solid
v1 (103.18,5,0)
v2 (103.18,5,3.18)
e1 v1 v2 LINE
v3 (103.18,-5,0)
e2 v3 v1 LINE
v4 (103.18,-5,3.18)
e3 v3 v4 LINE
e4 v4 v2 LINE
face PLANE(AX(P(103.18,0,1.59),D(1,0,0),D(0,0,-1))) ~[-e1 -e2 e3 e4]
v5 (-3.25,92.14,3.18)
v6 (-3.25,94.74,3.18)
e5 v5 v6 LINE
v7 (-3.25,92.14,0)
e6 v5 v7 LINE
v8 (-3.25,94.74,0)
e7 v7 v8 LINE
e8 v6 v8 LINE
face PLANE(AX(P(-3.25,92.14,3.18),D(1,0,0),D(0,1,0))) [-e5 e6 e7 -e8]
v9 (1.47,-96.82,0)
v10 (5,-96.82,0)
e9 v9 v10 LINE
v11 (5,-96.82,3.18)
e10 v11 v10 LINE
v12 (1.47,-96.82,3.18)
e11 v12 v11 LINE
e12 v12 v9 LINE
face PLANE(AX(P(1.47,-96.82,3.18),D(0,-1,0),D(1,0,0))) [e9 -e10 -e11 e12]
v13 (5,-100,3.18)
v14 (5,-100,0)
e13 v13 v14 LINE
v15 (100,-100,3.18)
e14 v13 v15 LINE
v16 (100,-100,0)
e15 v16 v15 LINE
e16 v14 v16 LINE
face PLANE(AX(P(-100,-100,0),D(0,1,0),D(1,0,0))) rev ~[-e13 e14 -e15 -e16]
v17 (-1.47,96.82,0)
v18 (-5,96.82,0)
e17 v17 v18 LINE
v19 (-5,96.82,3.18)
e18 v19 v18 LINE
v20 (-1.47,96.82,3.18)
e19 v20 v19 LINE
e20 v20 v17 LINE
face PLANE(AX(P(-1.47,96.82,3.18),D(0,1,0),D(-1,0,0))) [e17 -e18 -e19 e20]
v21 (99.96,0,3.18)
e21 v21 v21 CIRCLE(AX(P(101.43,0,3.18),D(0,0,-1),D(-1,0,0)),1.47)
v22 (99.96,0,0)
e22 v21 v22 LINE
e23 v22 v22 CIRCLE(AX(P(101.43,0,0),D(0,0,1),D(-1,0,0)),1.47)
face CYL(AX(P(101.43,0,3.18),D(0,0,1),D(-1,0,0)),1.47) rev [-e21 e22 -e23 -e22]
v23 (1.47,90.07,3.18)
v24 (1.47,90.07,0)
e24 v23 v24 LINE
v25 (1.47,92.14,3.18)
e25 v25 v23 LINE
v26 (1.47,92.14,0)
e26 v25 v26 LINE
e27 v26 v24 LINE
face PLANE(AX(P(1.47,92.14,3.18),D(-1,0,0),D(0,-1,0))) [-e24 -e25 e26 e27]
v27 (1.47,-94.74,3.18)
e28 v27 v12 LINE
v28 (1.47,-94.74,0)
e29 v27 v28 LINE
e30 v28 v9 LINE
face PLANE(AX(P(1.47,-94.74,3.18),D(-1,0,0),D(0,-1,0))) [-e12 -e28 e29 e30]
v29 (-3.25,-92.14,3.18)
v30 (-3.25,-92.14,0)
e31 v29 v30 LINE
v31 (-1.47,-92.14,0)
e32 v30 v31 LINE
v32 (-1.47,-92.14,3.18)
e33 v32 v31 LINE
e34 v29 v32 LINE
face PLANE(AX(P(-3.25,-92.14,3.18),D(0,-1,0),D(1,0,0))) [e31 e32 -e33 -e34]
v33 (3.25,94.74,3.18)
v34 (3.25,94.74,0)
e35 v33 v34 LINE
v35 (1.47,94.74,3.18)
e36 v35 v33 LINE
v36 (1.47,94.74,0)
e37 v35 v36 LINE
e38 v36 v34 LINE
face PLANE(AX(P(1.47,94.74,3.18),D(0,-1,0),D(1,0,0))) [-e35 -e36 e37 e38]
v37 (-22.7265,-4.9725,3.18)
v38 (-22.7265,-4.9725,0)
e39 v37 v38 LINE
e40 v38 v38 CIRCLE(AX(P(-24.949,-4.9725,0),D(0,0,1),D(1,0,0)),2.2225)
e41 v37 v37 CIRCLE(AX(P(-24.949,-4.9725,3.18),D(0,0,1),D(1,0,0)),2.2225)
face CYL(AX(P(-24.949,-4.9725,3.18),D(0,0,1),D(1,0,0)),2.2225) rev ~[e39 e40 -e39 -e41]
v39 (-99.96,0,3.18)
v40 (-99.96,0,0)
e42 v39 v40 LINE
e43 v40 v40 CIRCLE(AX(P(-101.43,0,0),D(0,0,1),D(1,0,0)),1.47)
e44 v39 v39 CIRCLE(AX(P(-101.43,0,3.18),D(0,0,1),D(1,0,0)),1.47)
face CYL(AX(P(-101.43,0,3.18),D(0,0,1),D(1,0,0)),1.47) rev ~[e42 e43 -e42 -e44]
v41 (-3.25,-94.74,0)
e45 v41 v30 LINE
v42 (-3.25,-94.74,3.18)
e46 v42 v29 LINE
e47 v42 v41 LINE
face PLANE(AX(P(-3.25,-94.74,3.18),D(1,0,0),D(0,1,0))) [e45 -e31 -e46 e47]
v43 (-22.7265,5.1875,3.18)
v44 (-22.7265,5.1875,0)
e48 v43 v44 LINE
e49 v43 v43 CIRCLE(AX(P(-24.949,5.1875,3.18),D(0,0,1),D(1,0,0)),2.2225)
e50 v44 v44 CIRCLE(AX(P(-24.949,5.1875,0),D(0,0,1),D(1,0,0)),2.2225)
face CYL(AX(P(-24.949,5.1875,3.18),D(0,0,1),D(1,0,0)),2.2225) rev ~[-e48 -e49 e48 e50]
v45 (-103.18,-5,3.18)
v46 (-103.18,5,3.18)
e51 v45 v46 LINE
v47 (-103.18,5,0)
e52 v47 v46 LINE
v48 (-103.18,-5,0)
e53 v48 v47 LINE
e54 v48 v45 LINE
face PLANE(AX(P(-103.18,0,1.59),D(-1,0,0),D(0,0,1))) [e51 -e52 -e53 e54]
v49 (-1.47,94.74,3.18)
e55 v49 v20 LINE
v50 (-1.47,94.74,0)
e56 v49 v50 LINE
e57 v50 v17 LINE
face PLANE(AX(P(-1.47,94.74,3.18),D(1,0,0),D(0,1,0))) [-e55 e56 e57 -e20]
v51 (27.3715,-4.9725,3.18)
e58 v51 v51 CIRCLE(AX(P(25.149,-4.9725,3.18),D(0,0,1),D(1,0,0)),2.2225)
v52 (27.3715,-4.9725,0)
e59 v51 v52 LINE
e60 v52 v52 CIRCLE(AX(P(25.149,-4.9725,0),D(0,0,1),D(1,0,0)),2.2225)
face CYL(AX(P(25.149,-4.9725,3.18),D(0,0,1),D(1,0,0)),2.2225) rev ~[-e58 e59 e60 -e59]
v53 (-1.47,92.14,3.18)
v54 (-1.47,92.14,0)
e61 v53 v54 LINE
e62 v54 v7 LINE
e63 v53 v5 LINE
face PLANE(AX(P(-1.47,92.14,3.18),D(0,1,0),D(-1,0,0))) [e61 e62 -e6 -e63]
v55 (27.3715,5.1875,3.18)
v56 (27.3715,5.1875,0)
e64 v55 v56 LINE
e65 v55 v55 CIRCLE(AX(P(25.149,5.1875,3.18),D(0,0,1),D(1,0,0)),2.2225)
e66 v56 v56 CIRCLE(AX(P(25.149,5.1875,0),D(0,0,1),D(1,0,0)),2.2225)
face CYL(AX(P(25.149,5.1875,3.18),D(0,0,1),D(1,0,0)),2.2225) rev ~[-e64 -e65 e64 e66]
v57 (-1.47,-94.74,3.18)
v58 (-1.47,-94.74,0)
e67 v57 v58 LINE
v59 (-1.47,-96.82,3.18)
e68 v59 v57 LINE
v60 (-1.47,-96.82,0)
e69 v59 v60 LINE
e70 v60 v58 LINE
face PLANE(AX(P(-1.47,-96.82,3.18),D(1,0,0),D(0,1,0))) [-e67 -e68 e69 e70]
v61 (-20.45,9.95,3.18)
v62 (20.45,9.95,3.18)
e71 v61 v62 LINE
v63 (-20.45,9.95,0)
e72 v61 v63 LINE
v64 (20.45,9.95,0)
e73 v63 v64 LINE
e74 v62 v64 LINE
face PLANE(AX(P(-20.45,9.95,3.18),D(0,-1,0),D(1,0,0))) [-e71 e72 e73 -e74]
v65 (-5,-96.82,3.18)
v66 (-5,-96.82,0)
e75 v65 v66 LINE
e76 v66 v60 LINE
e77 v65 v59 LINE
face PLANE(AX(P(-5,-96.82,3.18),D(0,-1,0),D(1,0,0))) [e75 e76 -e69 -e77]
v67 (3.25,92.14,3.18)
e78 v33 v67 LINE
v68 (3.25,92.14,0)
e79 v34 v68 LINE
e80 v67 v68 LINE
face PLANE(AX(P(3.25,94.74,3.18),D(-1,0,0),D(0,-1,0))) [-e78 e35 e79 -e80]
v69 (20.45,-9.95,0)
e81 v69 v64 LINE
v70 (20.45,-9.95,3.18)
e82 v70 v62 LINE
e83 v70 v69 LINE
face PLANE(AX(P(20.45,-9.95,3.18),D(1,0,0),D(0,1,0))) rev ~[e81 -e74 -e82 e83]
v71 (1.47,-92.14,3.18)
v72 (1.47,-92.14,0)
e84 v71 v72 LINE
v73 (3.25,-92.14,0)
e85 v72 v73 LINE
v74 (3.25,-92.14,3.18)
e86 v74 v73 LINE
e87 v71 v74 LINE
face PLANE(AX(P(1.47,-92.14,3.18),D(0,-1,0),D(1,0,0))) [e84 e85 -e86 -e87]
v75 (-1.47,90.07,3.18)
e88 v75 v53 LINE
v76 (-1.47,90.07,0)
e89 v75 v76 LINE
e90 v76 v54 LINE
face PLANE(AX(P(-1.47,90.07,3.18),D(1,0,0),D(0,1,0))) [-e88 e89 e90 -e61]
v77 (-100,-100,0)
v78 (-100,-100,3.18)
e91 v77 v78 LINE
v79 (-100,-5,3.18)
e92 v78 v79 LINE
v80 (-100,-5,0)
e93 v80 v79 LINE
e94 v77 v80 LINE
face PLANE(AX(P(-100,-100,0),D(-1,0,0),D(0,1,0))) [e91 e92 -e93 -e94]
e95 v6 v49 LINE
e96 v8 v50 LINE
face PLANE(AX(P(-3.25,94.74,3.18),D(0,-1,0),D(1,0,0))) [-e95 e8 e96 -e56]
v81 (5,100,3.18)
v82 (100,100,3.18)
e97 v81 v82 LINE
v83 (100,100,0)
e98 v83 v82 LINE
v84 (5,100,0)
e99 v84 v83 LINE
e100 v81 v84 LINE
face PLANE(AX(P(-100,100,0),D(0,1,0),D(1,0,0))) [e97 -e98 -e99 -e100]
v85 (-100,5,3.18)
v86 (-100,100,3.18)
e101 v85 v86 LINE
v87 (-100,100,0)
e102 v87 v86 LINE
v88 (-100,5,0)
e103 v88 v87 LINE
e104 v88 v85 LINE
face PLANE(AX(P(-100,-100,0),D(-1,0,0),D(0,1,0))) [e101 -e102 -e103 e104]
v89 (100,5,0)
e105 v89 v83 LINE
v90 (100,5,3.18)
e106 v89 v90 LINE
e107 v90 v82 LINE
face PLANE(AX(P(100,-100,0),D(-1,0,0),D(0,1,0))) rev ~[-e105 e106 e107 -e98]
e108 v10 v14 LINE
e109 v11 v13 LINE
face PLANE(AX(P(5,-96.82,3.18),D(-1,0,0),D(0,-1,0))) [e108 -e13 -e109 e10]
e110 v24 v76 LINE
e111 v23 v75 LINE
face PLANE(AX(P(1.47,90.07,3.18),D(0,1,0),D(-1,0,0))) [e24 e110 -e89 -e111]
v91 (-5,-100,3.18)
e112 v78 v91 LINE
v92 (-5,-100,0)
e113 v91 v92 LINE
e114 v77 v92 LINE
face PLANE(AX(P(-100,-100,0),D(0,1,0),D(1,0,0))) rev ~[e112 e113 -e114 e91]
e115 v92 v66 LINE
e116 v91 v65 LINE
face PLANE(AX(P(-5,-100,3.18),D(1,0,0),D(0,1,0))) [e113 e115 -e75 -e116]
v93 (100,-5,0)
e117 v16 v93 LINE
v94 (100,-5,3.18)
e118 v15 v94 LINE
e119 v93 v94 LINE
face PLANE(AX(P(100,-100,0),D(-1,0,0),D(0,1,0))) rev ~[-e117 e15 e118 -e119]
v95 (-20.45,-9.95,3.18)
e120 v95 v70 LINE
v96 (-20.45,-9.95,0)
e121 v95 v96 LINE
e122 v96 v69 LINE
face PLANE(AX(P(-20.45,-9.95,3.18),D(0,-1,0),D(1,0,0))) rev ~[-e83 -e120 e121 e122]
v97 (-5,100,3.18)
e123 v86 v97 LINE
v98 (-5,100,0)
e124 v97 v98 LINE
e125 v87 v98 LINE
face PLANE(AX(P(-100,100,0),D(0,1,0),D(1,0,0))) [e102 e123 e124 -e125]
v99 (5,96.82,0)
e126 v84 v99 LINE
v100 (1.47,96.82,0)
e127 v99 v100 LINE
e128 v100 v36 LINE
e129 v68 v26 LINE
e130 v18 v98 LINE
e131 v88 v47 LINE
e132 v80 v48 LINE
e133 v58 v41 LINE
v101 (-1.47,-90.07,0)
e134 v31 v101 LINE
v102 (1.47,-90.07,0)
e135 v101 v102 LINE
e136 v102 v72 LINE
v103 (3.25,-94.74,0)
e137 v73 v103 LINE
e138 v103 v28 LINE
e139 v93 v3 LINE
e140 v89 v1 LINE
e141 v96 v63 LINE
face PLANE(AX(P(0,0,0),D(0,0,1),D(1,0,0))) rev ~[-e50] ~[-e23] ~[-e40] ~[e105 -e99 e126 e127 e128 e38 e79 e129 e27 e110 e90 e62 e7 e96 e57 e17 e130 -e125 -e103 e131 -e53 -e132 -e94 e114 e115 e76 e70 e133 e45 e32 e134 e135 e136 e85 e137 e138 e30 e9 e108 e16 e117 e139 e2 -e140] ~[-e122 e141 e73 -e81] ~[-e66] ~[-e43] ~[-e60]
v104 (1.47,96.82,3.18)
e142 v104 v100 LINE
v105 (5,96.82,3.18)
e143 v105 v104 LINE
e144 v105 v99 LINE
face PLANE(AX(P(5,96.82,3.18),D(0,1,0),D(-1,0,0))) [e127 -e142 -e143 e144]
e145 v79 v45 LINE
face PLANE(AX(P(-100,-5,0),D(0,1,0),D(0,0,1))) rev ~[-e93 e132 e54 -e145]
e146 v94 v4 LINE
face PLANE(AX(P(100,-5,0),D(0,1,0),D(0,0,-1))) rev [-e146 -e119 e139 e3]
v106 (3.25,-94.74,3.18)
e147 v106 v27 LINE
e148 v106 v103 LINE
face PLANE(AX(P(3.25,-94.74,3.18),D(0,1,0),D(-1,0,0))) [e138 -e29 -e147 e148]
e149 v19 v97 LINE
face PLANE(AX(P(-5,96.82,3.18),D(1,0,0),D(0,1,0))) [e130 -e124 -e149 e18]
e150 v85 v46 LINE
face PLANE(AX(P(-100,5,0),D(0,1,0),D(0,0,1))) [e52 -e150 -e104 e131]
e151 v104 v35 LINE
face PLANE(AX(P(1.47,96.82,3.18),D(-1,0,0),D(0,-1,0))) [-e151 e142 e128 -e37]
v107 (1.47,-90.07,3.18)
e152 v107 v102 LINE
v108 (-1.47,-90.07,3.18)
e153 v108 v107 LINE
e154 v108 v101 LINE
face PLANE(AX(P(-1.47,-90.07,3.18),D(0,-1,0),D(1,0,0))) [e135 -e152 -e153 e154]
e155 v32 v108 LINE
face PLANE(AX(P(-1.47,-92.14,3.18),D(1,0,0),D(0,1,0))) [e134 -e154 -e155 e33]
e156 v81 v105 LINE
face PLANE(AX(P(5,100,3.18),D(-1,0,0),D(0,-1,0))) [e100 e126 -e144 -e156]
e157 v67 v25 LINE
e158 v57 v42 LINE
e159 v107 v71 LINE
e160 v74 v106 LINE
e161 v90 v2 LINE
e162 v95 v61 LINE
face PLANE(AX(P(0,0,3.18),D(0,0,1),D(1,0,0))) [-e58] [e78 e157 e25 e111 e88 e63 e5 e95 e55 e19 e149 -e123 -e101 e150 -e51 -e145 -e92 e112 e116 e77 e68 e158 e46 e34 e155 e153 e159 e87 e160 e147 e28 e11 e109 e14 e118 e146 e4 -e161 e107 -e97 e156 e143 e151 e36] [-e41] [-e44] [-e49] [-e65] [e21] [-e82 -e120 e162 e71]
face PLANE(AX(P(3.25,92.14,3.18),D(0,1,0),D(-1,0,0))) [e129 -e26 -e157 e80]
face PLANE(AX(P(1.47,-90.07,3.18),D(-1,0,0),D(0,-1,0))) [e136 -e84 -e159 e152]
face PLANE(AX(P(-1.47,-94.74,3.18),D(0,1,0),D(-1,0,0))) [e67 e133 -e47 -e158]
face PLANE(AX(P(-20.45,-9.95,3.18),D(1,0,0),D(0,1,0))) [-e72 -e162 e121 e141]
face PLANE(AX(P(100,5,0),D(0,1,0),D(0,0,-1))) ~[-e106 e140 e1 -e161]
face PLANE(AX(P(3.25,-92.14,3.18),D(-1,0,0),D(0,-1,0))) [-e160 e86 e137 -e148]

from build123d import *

# Parameters (mm, degrees)
SKETCH2_W           = 200
SKETCH2_H           = 200
BOSS_EXTRUDE1_DEPTH = 3.18
CUT_EXTRUDE1_DEPTH  = 142.457104452
SKETCH4_W           = 3.18
SKETCH4_H           = 10
BOSS_EXTRUDE2_DEPTH = 3.18
SKETCH6_R           = 1.47
CUT_EXTRUDE2_DEPTH  = 144.722735849
SKETCH8_W           = 40.9
SKETCH8_H           = 19.9
CUT_EXTRUDE4_DEPTH  = 144.722735849
SKETCH10_R          = 2.2225
CUT_EXTRUDE6_DEPTH  = 144.722735849


with BuildPart() as part:
    # Sketch2 → Boss-Extrude1 (new body)
    with BuildSketch(Plane.XY):
        Rectangle(SKETCH2_W, SKETCH2_H)
    extrude(amount=BOSS_EXTRUDE1_DEPTH)

    # Sketch3 → Cut-Extrude1 (cut, through all)
    with BuildSketch(Plane.XY.offset(3.18)):
        Polygon((-5, 100), (5, 100), (5, 96.82), (1.47, 96.82), (1.47, 94.74), (3.25, 94.74), (3.25, 92.14), (1.47, 92.14), (1.47, 90.07), (-1.47, 90.07), (-1.47, 92.14), (-3.25, 92.14), (-3.25, 94.74), (-1.47, 94.74), (-1.47, 96.82), (-5, 96.82), align=None)
        Polygon((1.47, -96.82), (5, -96.82), (5, -100), (-5, -100), (-5, -96.82), (-1.47, -96.82), (-1.47, -94.74), (-3.25, -94.74), (-3.25, -92.14), (-1.47, -92.14), (-1.47, -90.07), (1.47, -90.07), (1.47, -92.14), (3.25, -92.14), (3.25, -94.74), (1.47, -94.74), align=None)
    extrude(amount=-CUT_EXTRUDE1_DEPTH, mode=Mode.SUBTRACT)

    # Sketch4 → Boss-Extrude2 (add)
    with BuildSketch(Plane.ZY.offset(100)):
        with Locations((1.59, 0)):
            Rectangle(SKETCH4_W, SKETCH4_H)
    boss_extrude2 = extrude(amount=BOSS_EXTRUDE2_DEPTH)

    # Sketch6 → Cut-Extrude2 (cut, through all)
    with BuildSketch(Plane.XY.offset(3.18)):
        with Locations((-101.43, 0)):
            Circle(SKETCH6_R)
    cut_extrude2 = extrude(amount=-CUT_EXTRUDE2_DEPTH, mode=Mode.SUBTRACT)

    # Mirror1: Boss-Extrude2 across plane
    add(boss_extrude2.mirror(Plane(origin=(0, 0, 0), x_dir=(0, 0, 1), z_dir=(1, 0, 0))))

    # Mirror2: Cut-Extrude2 across plane
    add(cut_extrude2.mirror(Plane(origin=(0, 0, 0), x_dir=(0, 0, 1), z_dir=(1, 0, 0))), mode=Mode.SUBTRACT)

    # Sketch8 → Cut-Extrude4 (cut, through all)
    with BuildSketch(Plane.XY.offset(3.18)):
        Rectangle(SKETCH8_W, SKETCH8_H)
    extrude(amount=-CUT_EXTRUDE4_DEPTH, mode=Mode.SUBTRACT)

    # Sketch10 → Cut-Extrude6 (cut, through all)
    with BuildSketch(Plane.XY.offset(3.18)):
        with Locations((-24.949, 5.1875)):
            Circle(SKETCH10_R)
        with Locations((-24.949, -4.9725)):
            Circle(SKETCH10_R)
        with Locations((25.149, 5.1875)):
            Circle(SKETCH10_R)
        with Locations((25.149, -4.9725)):
            Circle(SKETCH10_R)
    extrude(amount=-CUT_EXTRUDE6_DEPTH, mode=Mode.SUBTRACT)


solid = part.part
